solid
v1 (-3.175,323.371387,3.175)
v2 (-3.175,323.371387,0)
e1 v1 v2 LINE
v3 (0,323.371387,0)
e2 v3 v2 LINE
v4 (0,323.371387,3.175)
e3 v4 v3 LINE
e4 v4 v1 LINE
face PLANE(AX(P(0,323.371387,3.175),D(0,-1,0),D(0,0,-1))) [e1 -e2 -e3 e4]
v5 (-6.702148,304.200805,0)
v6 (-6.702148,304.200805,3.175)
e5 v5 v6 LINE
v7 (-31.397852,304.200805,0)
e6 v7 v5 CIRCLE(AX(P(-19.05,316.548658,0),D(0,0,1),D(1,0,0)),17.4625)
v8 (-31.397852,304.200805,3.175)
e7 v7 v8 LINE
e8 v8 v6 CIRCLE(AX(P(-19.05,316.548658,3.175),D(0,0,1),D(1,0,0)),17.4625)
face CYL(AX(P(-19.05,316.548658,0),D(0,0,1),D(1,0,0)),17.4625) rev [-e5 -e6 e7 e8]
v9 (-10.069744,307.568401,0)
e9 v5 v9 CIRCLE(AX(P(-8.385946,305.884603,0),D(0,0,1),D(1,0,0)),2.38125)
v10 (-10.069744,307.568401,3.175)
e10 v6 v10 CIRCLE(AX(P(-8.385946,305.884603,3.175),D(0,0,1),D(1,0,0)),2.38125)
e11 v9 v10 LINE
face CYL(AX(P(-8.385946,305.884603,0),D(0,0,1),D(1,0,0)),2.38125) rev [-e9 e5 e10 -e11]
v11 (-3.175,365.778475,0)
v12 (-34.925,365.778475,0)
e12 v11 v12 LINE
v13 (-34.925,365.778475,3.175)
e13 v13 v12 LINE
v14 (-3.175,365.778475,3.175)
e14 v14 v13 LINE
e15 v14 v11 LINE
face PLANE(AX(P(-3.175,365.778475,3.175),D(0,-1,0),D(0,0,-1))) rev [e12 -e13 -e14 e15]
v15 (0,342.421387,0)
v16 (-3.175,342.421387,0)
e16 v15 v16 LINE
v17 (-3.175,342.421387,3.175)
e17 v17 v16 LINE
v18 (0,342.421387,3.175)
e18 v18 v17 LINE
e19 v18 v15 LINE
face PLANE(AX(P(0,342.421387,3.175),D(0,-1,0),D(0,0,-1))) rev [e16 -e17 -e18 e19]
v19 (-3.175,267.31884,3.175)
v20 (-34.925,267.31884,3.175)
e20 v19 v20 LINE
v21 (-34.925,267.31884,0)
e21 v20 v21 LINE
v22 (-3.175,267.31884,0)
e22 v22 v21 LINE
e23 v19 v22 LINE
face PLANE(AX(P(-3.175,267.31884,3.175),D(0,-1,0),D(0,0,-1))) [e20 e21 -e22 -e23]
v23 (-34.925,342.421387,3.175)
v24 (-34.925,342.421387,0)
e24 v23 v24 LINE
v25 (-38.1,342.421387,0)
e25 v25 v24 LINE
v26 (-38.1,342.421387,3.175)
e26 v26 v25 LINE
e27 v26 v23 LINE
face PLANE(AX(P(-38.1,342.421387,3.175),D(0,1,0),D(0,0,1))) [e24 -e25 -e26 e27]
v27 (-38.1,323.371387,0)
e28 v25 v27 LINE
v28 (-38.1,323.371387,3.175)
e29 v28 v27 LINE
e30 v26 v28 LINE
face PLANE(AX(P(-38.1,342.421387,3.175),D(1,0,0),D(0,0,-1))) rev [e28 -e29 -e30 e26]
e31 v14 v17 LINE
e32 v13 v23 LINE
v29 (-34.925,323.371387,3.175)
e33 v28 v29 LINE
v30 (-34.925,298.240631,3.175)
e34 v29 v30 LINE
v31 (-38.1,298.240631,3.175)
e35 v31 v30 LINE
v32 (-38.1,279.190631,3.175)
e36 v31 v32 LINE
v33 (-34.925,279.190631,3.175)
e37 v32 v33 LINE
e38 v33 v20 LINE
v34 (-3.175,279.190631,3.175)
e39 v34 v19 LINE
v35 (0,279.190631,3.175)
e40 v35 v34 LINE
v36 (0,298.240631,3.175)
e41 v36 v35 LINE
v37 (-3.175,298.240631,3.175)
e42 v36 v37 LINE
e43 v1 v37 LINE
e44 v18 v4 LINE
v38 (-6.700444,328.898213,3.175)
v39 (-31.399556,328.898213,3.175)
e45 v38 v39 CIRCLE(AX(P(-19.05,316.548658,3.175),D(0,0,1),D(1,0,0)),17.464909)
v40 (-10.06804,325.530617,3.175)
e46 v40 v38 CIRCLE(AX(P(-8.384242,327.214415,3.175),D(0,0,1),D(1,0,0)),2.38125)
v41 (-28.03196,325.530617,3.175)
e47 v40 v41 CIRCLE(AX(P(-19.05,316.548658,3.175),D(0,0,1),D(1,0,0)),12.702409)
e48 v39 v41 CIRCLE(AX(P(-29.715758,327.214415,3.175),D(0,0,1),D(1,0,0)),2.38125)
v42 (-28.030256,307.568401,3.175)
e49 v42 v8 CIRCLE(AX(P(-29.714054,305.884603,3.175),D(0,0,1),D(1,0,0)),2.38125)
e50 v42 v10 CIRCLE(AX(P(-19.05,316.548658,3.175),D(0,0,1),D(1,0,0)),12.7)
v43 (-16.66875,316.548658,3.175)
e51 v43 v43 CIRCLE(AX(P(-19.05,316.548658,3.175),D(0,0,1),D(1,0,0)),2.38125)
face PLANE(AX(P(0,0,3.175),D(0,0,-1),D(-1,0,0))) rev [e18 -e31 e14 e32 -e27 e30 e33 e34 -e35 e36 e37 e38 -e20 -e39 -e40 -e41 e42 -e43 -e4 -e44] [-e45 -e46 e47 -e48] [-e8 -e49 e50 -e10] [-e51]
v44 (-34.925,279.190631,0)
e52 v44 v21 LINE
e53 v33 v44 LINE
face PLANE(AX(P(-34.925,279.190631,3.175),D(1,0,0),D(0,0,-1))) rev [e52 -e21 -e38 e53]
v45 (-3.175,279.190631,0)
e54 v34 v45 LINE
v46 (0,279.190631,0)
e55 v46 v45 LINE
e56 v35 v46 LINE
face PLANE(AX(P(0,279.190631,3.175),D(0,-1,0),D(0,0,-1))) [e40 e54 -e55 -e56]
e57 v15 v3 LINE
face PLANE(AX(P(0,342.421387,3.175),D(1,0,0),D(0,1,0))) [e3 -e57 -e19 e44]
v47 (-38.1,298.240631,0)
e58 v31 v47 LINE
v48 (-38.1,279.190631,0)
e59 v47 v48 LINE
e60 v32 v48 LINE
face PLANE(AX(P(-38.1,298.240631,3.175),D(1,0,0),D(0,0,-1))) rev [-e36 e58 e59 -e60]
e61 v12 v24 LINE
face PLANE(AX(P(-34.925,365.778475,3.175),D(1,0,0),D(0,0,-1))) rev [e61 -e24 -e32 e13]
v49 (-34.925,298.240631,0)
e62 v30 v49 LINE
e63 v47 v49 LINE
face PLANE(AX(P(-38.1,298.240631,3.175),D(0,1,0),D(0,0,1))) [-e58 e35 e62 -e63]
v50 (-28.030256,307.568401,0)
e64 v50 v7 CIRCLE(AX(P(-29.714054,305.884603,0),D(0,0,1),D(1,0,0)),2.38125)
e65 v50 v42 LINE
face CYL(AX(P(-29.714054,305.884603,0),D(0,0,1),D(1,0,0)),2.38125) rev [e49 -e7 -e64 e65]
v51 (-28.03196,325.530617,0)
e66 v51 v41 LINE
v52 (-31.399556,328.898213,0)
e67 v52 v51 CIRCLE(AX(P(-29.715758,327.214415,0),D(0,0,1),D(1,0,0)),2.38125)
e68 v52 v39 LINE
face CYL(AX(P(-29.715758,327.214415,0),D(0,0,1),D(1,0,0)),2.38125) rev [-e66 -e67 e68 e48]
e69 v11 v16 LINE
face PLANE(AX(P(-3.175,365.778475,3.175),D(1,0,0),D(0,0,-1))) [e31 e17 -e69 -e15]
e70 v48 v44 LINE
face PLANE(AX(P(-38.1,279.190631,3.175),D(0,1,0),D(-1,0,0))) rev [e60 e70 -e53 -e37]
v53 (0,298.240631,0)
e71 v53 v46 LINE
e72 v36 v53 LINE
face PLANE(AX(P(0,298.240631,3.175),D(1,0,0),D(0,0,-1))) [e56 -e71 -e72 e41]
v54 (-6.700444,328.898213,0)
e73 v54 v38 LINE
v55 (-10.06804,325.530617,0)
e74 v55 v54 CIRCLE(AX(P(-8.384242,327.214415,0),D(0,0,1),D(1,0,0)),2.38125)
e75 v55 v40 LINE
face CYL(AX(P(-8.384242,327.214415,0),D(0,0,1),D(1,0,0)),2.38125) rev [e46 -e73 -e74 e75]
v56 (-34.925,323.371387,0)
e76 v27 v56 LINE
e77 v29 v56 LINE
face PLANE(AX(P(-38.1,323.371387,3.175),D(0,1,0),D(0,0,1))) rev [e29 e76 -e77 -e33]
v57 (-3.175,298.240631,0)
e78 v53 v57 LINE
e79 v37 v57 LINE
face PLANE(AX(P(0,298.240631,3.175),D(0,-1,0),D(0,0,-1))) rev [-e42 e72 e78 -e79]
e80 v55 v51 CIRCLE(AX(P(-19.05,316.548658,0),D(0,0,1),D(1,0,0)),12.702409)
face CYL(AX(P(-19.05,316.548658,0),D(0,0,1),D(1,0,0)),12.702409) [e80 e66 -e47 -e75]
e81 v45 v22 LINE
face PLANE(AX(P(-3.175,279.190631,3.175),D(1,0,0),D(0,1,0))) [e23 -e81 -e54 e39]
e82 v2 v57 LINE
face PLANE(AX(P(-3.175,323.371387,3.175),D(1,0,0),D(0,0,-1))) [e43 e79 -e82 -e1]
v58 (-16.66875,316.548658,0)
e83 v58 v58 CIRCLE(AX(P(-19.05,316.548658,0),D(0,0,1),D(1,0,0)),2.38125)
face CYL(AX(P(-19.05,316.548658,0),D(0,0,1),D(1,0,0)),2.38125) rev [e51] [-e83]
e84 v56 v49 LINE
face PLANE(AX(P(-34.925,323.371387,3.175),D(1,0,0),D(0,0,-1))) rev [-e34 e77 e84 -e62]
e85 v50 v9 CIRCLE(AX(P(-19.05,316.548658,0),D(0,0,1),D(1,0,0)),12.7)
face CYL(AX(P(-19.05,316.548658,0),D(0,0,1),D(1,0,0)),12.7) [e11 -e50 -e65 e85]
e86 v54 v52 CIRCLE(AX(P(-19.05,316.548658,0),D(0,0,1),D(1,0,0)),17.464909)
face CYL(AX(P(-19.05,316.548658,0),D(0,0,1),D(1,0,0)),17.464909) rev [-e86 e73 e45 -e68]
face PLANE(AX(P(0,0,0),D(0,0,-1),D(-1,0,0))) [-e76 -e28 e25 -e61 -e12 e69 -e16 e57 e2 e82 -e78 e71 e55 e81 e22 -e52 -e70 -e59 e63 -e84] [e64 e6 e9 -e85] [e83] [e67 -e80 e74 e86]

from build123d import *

# Parameters (mm, degrees)
BOSS_EXTRUDE1_DEPTH = 3.175
SKETCH3_R           = 2.38125
CUT_EXTRUDE2_DEPTH  = 3.175


with BuildPart() as part:
    # Sketch1 → Boss-Extrude1 (new body)
    with BuildSketch(Plane.XY):
        Polygon((-3.175, 365.778475051), (-34.925, 365.778475051), (-34.925, 342.421386502), (-38.1, 342.421386502), (-38.1, 323.371386502), (-34.925, 323.371386502), (-34.925, 298.240631325), (-38.1, 298.240631325), (-38.1, 279.190631325), (-34.925, 279.190631325), (-34.925, 267.318840011), (-3.175, 267.318840011), (-3.175, 279.190631325), (0, 279.190631325), (0, 298.240631325), (-3.175, 298.240631325), (-3.175, 323.371386502), (0, 323.371386502), (0, 342.421386502), (-3.175, 342.421386502), align=None)
    extrude(amount=BOSS_EXTRUDE1_DEPTH)

    # Sketch3 → Cut-Extrude2 (cut)
    with BuildSketch(Plane.XY.offset(3.175)):
        with Locations((-19.05, 316.548657531)):
            Circle(SKETCH3_R)
        with BuildLine():
            ThreePointArc((-6.700444288, 328.898213243), (-19.05, 334.013566708), (-31.399555712, 328.898213243))
            ThreePointArc((-31.399555712, 328.898213243), (-31.399555712, 325.530617198), (-28.031959666, 325.530617198))
            ThreePointArc((-28.031959666, 325.530617198), (-19.05, 329.251066708), (-10.068040334, 325.530617198))
            ThreePointArc((-10.068040334, 325.530617198), (-6.700444288, 325.530617198), (-6.700444288, 328.898213243))
        make_face()
        with BuildLine():
            ThreePointArc((-31.397852166, 304.200805365), (-19.05, 299.086157531), (-6.702147834, 304.200805365))
            ThreePointArc((-6.702147834, 304.200805365), (-6.702147834, 307.56840141), (-10.069743879, 307.56840141))
            ThreePointArc((-10.069743879, 307.56840141), (-19.05, 303.848657531), (-28.030256121, 307.56840141))
            ThreePointArc((-28.030256121, 307.56840141), (-31.397852166, 307.56840141), (-31.397852166, 304.200805365))
        make_face()
    extrude(amount=-CUT_EXTRUDE2_DEPTH, mode=Mode.SUBTRACT)


solid = part.part
